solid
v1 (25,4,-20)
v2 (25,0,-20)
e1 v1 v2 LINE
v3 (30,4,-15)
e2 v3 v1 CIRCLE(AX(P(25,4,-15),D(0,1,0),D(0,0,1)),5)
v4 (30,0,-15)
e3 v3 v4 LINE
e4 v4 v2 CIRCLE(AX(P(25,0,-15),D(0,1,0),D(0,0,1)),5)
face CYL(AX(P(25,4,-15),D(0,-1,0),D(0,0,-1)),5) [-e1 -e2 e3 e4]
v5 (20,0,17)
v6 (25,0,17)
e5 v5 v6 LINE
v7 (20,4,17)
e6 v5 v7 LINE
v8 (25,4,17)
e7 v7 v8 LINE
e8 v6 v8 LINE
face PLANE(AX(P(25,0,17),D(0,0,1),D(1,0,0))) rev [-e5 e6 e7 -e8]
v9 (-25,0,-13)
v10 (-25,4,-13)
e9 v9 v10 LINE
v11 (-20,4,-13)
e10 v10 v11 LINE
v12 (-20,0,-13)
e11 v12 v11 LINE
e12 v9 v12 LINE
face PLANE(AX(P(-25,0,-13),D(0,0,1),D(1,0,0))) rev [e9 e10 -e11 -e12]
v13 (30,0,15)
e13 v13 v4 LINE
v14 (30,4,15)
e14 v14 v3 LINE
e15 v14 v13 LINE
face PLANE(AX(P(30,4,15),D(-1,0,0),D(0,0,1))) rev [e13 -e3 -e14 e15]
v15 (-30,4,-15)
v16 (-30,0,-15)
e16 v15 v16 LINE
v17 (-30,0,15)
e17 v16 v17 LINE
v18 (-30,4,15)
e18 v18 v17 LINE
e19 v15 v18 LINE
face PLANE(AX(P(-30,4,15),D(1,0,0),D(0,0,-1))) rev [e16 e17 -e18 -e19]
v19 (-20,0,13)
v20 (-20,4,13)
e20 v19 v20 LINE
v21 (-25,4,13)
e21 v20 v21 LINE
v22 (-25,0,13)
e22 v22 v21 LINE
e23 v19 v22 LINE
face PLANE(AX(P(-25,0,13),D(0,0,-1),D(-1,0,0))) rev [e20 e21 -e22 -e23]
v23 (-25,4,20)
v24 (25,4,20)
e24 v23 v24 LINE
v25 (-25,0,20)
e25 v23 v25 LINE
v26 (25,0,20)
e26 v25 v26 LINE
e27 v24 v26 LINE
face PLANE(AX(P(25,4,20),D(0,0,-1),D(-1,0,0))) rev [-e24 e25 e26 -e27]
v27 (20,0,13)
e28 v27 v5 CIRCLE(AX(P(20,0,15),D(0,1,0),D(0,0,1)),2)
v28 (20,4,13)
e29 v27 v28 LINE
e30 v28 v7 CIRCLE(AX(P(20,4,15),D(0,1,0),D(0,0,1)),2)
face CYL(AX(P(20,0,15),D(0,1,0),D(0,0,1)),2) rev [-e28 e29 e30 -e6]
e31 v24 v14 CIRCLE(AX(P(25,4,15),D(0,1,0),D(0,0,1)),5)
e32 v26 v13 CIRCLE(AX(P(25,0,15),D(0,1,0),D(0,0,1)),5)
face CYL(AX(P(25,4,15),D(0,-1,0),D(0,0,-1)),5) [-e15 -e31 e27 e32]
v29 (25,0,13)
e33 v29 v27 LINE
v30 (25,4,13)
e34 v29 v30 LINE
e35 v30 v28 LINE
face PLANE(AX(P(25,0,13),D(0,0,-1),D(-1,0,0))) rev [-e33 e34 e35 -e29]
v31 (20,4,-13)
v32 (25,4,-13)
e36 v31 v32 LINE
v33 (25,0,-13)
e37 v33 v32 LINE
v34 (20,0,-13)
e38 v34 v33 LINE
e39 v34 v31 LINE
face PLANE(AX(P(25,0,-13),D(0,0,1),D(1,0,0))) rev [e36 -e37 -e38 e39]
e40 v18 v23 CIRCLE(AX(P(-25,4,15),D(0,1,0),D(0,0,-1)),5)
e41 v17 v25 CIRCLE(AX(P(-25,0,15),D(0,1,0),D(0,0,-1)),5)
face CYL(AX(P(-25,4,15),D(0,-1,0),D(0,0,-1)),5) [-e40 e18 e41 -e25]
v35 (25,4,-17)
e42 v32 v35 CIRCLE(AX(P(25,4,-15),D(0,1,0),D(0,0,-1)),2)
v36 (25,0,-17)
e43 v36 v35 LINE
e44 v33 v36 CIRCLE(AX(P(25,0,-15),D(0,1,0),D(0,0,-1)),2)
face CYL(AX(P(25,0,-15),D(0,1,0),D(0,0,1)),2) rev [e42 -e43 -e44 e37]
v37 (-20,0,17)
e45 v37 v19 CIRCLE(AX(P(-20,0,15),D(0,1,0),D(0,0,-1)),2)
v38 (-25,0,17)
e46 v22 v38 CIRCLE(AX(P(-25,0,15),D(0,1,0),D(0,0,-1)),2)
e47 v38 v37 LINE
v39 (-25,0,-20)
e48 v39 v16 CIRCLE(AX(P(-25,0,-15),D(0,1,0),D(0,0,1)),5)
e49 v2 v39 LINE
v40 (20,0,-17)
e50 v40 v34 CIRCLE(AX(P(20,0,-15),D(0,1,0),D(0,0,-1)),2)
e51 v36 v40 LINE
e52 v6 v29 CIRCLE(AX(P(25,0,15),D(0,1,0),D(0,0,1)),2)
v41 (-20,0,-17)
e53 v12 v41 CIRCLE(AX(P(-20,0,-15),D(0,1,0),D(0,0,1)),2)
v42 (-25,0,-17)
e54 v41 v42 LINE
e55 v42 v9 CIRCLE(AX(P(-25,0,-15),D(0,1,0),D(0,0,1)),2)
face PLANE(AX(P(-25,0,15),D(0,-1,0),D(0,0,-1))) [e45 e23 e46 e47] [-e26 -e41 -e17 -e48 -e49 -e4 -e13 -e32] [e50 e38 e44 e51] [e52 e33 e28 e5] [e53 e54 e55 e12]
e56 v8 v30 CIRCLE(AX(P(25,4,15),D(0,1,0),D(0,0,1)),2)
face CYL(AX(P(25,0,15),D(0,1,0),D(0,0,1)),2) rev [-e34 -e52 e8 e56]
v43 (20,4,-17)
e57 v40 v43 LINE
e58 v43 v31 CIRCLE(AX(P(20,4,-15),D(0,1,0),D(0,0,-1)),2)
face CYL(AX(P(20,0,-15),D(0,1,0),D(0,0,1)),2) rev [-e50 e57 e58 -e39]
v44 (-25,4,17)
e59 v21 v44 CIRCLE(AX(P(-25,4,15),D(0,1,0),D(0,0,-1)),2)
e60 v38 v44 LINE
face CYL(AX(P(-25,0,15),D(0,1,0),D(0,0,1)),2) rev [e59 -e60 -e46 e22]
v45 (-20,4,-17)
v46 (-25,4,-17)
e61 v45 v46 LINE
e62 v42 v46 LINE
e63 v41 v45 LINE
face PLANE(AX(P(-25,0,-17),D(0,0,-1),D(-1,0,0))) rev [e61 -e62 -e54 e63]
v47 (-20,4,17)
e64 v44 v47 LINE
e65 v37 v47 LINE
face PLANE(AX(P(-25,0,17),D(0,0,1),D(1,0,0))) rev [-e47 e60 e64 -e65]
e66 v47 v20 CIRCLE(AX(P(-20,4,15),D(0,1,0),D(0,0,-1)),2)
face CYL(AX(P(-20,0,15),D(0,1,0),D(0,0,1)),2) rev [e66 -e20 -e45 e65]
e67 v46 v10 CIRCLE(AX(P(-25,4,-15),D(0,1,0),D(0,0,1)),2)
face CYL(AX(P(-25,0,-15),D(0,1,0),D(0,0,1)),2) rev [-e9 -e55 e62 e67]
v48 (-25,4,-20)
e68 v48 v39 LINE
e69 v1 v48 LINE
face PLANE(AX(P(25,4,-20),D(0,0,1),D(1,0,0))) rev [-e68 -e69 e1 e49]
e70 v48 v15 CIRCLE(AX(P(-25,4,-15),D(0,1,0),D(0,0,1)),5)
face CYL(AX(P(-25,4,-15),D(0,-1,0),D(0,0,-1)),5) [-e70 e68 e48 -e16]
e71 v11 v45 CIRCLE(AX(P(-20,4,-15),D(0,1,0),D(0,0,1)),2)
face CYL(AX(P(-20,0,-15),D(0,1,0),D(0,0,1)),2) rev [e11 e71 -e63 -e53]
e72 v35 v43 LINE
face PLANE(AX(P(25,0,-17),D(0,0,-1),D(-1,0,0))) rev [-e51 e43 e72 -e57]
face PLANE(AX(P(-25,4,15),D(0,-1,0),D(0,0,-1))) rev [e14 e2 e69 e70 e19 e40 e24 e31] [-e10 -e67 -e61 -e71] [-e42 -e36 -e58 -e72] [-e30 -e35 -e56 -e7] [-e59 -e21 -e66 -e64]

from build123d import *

# Parameters (mm, degrees)
BOSS_EXTRUDE1_DEPTH = 4
CUT_EXTRUDE1_DEPTH  = 4


with BuildPart() as part:
    # Sketch1 → Boss-Extrude1 (new body)
    with BuildSketch(Plane(origin=(0, 0, 0), x_dir=(1, 0, 0), z_dir=(0, 1, 0))):
        with BuildLine():
            Line((25, -20), (-25, -20))
            ThreePointArc((-25, -20), (-28.535533906, -18.535533906), (-30, -15))
            Line((-30, -15), (-30, 15))
            ThreePointArc((-30, 15), (-28.535533906, 18.535533906), (-25, 20))
            Line((-25, 20), (25, 20))
            ThreePointArc((25, 20), (28.535533906, 18.535533906), (30, 15))
            Line((30, 15), (30, -15))
            ThreePointArc((30, -15), (28.535533906, -18.535533906), (25, -20))
        make_face()
    extrude(amount=BOSS_EXTRUDE1_DEPTH)

    # Sketch2 → Cut-Extrude1 (cut)
    with BuildSketch(Plane(origin=(0, 4, 0), x_dir=(1, 0, 0), z_dir=(0, 1, 0))):
        with BuildLine():
            Line((-25, 17), (-20, 17))
            ThreePointArc((-20, 17), (-18, 15), (-20, 13))
            Line((-20, 13), (-25, 13))
            ThreePointArc((-25, 13), (-27, 15), (-25, 17))
        make_face()
        with BuildLine():
            Line((25, 17), (20, 17))
            ThreePointArc((20, 17), (18, 15), (20, 13))
            Line((20, 13), (25, 13))
            ThreePointArc((25, 13), (27, 15), (25, 17))
        make_face()
        with BuildLine():
            Line((25, -17), (20, -17))
            ThreePointArc((20, -17), (18, -15), (20, -13))
            Line((20, -13), (25, -13))
            ThreePointArc((25, -13), (27, -15), (25, -17))
        make_face()
        with BuildLine():
            Line((-25, -17), (-20, -17))
            ThreePointArc((-20, -17), (-18, -15), (-20, -13))
            Line((-20, -13), (-25, -13))
            ThreePointArc((-25, -13), (-27, -15), (-25, -17))
        make_face()
    extrude(amount=-CUT_EXTRUDE1_DEPTH, mode=Mode.SUBTRACT)


solid = part.part
